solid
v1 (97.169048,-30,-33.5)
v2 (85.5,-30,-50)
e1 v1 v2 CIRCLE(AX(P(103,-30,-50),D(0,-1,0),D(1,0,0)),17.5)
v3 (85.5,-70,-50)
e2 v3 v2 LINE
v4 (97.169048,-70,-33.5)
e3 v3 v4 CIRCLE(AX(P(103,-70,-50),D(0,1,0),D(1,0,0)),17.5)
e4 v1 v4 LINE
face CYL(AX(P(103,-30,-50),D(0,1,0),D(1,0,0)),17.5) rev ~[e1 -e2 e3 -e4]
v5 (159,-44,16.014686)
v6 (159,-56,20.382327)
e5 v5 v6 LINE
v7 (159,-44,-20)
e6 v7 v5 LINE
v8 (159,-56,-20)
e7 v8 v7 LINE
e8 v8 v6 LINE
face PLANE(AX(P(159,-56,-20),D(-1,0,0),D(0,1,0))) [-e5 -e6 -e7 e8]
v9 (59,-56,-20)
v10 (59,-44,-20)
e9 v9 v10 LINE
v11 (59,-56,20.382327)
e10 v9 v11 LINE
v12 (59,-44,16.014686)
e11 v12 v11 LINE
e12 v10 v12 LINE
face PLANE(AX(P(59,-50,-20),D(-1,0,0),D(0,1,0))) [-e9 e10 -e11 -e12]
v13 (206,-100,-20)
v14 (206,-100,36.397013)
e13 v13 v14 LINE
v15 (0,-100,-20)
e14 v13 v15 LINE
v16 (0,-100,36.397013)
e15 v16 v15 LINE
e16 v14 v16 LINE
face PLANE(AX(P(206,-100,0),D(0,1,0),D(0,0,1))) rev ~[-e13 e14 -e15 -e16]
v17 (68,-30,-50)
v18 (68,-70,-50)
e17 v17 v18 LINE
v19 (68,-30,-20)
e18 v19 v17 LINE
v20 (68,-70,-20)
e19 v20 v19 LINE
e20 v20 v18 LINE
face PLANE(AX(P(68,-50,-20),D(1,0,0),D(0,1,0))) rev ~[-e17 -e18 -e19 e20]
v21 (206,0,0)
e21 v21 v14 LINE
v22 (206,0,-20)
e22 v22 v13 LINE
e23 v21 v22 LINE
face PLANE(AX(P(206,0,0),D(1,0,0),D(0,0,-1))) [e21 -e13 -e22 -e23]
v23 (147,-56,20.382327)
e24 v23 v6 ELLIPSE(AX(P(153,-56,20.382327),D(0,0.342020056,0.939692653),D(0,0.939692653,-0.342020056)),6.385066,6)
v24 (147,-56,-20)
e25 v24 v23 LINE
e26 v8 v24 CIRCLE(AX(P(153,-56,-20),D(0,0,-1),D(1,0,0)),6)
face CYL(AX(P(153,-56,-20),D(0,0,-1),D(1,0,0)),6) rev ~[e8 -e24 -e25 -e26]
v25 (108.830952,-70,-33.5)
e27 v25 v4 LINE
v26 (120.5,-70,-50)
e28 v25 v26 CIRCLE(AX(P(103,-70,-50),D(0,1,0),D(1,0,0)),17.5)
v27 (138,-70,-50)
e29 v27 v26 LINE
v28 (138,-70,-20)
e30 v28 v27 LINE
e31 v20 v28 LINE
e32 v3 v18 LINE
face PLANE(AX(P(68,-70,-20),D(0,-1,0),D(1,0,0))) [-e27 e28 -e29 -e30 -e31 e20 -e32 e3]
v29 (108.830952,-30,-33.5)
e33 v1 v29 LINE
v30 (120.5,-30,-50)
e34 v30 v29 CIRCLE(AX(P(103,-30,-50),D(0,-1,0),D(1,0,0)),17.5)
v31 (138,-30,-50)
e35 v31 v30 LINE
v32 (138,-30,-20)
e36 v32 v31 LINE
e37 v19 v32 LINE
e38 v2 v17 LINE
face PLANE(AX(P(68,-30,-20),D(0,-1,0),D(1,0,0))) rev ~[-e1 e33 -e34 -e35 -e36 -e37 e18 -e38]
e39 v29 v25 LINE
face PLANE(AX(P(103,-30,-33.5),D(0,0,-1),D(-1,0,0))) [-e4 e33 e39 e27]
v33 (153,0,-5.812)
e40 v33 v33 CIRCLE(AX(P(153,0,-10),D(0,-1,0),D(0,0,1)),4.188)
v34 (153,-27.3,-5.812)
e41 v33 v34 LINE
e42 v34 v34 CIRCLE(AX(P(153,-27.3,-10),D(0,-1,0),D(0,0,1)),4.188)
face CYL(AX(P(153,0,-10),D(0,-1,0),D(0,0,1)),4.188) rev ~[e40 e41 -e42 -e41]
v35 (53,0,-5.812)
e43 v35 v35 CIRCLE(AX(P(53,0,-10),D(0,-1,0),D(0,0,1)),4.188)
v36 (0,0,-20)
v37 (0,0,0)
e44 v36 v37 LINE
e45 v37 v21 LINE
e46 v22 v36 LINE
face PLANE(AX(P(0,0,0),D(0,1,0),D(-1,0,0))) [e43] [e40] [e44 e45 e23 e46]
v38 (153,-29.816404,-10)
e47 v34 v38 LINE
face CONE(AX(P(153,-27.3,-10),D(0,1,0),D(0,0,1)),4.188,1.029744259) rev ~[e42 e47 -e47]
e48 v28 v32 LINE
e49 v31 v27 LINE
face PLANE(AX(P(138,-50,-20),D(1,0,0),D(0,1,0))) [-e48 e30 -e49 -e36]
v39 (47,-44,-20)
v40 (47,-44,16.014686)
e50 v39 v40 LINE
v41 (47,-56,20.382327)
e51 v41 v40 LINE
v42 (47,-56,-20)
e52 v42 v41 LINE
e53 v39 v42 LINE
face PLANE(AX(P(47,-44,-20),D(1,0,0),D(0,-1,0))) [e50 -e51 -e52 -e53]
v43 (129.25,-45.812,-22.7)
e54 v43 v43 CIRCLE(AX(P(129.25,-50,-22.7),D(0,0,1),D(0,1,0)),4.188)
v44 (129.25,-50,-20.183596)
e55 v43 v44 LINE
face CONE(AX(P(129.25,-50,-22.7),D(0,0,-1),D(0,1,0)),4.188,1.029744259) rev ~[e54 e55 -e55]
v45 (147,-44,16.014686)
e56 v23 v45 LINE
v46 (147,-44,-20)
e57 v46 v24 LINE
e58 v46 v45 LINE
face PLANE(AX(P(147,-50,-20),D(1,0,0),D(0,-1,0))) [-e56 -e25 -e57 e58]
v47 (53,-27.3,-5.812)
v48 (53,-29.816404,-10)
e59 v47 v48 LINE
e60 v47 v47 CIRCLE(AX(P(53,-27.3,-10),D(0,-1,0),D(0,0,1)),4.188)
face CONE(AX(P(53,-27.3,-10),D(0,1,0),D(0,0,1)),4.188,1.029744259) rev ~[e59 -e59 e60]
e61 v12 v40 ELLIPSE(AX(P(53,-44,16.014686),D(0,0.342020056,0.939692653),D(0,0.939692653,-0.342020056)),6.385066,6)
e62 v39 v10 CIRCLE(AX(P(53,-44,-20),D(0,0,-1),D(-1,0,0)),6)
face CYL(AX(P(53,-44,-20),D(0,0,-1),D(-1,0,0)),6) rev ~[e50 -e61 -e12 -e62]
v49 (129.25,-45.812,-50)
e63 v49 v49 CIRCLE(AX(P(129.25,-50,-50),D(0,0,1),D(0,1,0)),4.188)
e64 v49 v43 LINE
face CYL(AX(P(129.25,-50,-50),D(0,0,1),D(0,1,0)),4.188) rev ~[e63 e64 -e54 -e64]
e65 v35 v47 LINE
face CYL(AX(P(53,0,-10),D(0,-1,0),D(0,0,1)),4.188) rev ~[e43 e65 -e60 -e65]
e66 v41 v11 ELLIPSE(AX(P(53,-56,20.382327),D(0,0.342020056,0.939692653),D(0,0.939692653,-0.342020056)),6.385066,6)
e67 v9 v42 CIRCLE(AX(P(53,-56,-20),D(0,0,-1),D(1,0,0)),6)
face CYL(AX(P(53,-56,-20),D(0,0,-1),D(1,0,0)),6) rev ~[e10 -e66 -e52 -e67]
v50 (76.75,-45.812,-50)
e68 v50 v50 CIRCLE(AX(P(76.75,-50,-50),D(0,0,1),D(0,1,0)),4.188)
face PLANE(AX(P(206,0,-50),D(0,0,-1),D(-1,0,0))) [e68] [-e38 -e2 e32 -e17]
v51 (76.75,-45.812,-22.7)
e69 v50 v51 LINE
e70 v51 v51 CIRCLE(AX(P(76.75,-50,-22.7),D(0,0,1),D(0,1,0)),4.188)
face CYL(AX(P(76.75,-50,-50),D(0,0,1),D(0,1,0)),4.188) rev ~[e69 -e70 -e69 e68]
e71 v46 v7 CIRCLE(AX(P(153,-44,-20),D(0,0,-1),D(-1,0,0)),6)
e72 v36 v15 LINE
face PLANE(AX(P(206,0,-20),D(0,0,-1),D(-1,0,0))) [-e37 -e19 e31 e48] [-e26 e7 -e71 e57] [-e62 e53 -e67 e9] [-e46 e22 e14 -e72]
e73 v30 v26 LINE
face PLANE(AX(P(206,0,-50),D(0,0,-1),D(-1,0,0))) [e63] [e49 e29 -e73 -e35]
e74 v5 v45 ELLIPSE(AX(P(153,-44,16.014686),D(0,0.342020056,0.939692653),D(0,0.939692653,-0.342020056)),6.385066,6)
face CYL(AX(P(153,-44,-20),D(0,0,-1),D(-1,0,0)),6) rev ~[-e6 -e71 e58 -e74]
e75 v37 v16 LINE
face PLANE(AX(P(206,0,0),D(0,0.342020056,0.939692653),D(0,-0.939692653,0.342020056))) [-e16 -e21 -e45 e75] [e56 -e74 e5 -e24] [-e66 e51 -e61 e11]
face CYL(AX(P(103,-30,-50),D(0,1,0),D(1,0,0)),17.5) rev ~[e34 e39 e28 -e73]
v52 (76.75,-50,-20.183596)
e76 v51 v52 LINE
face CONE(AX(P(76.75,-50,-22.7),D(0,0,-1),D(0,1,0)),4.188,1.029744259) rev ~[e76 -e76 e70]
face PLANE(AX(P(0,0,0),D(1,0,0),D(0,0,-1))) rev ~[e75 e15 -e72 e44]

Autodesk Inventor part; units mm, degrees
ref_plane "YZ Plane" through (0, 0, 0) normal (1, 0, 0) x (0, 1, 0)
ref_plane "XZ Plane" through (0, 0, 0) normal (0, 1, 0) x (-1, 0, 0)
ref_plane "XY Plane" through (0, 0, 0) normal (0, 0, 1) x (1, 0, 0)
sketch "Skizze1" plane through (0, 0, 0) normal (0, 1, 0) x (-1, 0, 0)
  line L0 (0, 0) -> (-206, 0)
  line L1 (-206, 0) -> (-206, -20)
  line L2 (-206, -20) -> (0, -20)
  line L3 (0, -20) -> (0, 0)
  dimension "d0" = 206
  dimension "d1" = 20
extrude "Extrusion1" add sketch "Skizze1" against normal blind 100
sketch "Skizze2" plane through (0, 0, 0) normal (0, 1, 0) x (1, 0, 0)
  line L0 (0, 0) -> (0, 10) construction
  line L1 (0, 10) -> (206, 10) construction
  line L2 (0, 10) -> (103, 10) construction
  line L3 (103, 10) -> (53, 10) construction
  line L4 (53, 10) -> (153, 10) construction
  dimension "d4" = 10
  dimension "d5" = 206
  dimension "d6" = 90
  dimension "d7" = 103
  dimension "d8" = 50
  dimension "d9" = 100
hole "Bohrung1" at (153, 0, -10) at (53, 0, -10) direction (0, -1, 0) diameter 8.376 depth 27.3 tip angle 118 thread size "M10x1.5" class "6H" standard "ISO Metric profile"
sketch "Skizze3" plane through (206, 0, 0) normal (1, 0, 0) x (0, 0, -1)
  line L0 (0, 0) -> (-41.0424, -112.7631)
  line L1 (0, 0) -> (120, 0) construction
  line L2 (0, 0) -> (0, -100) projected
  line L3 (0, -100) -> (-50, -100)
  line L4 (0, -100) -> (50, -100) construction
  point P0 (-36.397, -100)
  dimension "d17" = 120
  dimension "d18" = 110
  dimension "d19" = 50
  dimension "d20" = 180
extrude "Extrusion2" add sketch "Skizze3" against normal blind 206
sketch "Skizze4" plane through (206, 0, -20) normal (0, 0, -1) x (-1, 0, 0)
  line L0 (206, 0) -> (103, 0) construction
  line L1 (206, 0) -> (309, 0) construction
  line L2 (103, 0) -> (153, 0) construction
  line L3 (0, 0) -> (206, 0) construction
  line L4 (153, 0) -> (53, 0) construction
  line L5 (53, 0) -> (53, -50) construction
  line L6 (53, 0) -> (103, 0) construction
  line L7 (153, 0) -> (153, -50) construction
  line L8 (153, 0) -> (203, 0) construction
  line L9 (53, -50) -> (59, -50)
  line L10 (59, -50) -> (59, -44)
  arc A0 (59, -44) -> (47, -44) centre (53, -44) ccw
  line L11 (53, -44) -> (47, -44) construction
  line L12 (53, -44) -> (59, -44) construction
  line L13 (47, -44) -> (47, -50)
  line L14 (47, -50) -> (59, -50) construction
  line L15 (53, -100) -> (53, -50) construction
  line L16 (59, -50) -> (59, -56)
  arc A1 (47, -56) -> (59, -56) centre (53, -56) ccw
  line L17 (53, -56) -> (47, -56) construction
  line L18 (53, -56) -> (59, -56) construction
  line L19 (47, -56) -> (47, -50)
  line L20 (103, 0) -> (103, -100) construction
  line L21 (103, 0) -> (203, 0) construction
  line L22 (153, -50) -> (147, -50)
  line L23 (147, -50) -> (147, -44)
  arc A2 (159, -44) -> (147, -44) centre (153, -44) ccw
  line L24 (153, -44) -> (159, -44) construction
  line L25 (153, -44) -> (147, -44) construction
  line L26 (159, -44) -> (159, -50)
  line L27 (159, -50) -> (147, -50) construction
  line L28 (147, -50) -> (147, -56)
  line L29 (153, -56) -> (147, -56) construction
  line L30 (153, -56) -> (159, -56) construction
  line L31 (159, -56) -> (159, -50)
  arc A3 (147, -56) -> (159, -56) centre (153, -56) ccw
  dimension "d23" = 103
  dimension "d24" = 180
  dimension "d25" = 50
  dimension "d26" = 100
  dimension "d27" = 0
  dimension "d28" = 50
  dimension "d29" = 90
  dimension "d30" = 50
  dimension "d31" = 90
  dimension "d32" = 6
  dimension "d33" = 6
  dimension "d34" = 180
  dimension "d35" = 100
  dimension "d36" = 90
extrude "Extrusion3" cut sketch "Skizze4" against normal blind 100
sketch "Skizze5" plane through (206, 0, -20) normal (0, 0, -1) x (-1, 0, 0)
  line L0 (206, 0) -> (0, 0) projected
  line L1 (103, 0) -> (103, -100)
  line L2 (206, -100) -> (0, -100) projected
  line L3 (0, 0) -> (0, -100) projected
  line L4 (0, -50) -> (206, -50)
  line L5 (206, 0) -> (206, -100) projected
  line L6 (103, -50) -> (68, -50)
  line L7 (68, -50) -> (68, -30)
  line L8 (68, -30) -> (103, -30)
  line L9 (103, -30) -> (103, -50)
  line L10 (103, -50) -> (138, -50)
  line L11 (138, -50) -> (138, -30)
  line L12 (138, -30) -> (103, -30)
  line L13 (68, -50) -> (68, -70)
  line L14 (68, -70) -> (103, -70)
  line L15 (103, -70) -> (103, -50)
  line L16 (138, -50) -> (138, -70)
  line L17 (138, -70) -> (103, -70)
  dimension "d39" = 35
  dimension "d40" = 20
extrude "Extrusion4" add sketch "Skizze5" along normal blind 30 contours L12 L11 L4 L1 | L1 L4 L7 L8 | L16 L17 L1 L4 | L1 L14 L13 L4
sketch "Skizze6" plane through (68, -30, -20) normal (0, 1, 0) x (1, 0, 0)
  line L0 (70, 30) -> (0, 30) projected
  circle A0 centre (35, 30) radius 17.5
  point P0 (-68, -20)
  dimension "d43" = 35
extrude "Extrusion5" cut sketch "Skizze6" against normal blind 40
sketch "Skizze7" plane through (68, -30, -20) normal (0, 1, 0) x (1, 0, 0)
  arc A0 (17.5, 30) -> (52.5, 30) centre (35, 30) ccw projected
  line L0 (35, 12.5) -> (35, 13.5)
  line L1 (35, 12.5) -> (36, 12.5) construction
  line L2 (35, 13.5) -> (45, 13.5)
  line L3 (45, 13.5) -> (25, 13.5)
  point P0 (-68, -20)
  point P1 (35, 13.5)
  point P2 (29.169, 13.5)
  point P3 (40.831, 13.5)
  dimension "d46" = 1
  dimension "d47" = 90
  dimension "d48" = 10
  dimension "d49" = 90
  dimension "d50" = 20
  dimension "d51" = 0
extrude "Extrusion6" add sketch "Skizze7" against normal blind 40
sketch "Skizze8" plane through (206, 0, -50) normal (0, 0, -1) x (-1, 0, 0)
  line L0 (68, -30) -> (138, -30) construction
  line L1 (85.5, -70) -> (85.5, -30) construction
  line L2 (68, -30) -> (85.5, -70) construction
  line L3 (138, -70) -> (68, -70) construction
  line L4 (68, -70) -> (85.5, -30) construction
  line L5 (103, -30) -> (103, -70) construction
  line L6 (120.5, -70) -> (120.5, -30) construction
  line L7 (138, -30) -> (120.5, -70) construction
  line L8 (138, -70) -> (120.5, -30) construction
  point P0 (206, 0)
  point P1 (76.75, -50)
  point P2 (129.25, -50)
hole "Bohrung2" at (129.25, -50, -50) at (76.75, -50, -50) direction (0, 0, 1) diameter 8.376 depth 27.3 tip angle 118 thread size "M10x1.5" class "6H" standard "ISO Metric profile"
properties part number "Motorhalterung_BT2.1"
